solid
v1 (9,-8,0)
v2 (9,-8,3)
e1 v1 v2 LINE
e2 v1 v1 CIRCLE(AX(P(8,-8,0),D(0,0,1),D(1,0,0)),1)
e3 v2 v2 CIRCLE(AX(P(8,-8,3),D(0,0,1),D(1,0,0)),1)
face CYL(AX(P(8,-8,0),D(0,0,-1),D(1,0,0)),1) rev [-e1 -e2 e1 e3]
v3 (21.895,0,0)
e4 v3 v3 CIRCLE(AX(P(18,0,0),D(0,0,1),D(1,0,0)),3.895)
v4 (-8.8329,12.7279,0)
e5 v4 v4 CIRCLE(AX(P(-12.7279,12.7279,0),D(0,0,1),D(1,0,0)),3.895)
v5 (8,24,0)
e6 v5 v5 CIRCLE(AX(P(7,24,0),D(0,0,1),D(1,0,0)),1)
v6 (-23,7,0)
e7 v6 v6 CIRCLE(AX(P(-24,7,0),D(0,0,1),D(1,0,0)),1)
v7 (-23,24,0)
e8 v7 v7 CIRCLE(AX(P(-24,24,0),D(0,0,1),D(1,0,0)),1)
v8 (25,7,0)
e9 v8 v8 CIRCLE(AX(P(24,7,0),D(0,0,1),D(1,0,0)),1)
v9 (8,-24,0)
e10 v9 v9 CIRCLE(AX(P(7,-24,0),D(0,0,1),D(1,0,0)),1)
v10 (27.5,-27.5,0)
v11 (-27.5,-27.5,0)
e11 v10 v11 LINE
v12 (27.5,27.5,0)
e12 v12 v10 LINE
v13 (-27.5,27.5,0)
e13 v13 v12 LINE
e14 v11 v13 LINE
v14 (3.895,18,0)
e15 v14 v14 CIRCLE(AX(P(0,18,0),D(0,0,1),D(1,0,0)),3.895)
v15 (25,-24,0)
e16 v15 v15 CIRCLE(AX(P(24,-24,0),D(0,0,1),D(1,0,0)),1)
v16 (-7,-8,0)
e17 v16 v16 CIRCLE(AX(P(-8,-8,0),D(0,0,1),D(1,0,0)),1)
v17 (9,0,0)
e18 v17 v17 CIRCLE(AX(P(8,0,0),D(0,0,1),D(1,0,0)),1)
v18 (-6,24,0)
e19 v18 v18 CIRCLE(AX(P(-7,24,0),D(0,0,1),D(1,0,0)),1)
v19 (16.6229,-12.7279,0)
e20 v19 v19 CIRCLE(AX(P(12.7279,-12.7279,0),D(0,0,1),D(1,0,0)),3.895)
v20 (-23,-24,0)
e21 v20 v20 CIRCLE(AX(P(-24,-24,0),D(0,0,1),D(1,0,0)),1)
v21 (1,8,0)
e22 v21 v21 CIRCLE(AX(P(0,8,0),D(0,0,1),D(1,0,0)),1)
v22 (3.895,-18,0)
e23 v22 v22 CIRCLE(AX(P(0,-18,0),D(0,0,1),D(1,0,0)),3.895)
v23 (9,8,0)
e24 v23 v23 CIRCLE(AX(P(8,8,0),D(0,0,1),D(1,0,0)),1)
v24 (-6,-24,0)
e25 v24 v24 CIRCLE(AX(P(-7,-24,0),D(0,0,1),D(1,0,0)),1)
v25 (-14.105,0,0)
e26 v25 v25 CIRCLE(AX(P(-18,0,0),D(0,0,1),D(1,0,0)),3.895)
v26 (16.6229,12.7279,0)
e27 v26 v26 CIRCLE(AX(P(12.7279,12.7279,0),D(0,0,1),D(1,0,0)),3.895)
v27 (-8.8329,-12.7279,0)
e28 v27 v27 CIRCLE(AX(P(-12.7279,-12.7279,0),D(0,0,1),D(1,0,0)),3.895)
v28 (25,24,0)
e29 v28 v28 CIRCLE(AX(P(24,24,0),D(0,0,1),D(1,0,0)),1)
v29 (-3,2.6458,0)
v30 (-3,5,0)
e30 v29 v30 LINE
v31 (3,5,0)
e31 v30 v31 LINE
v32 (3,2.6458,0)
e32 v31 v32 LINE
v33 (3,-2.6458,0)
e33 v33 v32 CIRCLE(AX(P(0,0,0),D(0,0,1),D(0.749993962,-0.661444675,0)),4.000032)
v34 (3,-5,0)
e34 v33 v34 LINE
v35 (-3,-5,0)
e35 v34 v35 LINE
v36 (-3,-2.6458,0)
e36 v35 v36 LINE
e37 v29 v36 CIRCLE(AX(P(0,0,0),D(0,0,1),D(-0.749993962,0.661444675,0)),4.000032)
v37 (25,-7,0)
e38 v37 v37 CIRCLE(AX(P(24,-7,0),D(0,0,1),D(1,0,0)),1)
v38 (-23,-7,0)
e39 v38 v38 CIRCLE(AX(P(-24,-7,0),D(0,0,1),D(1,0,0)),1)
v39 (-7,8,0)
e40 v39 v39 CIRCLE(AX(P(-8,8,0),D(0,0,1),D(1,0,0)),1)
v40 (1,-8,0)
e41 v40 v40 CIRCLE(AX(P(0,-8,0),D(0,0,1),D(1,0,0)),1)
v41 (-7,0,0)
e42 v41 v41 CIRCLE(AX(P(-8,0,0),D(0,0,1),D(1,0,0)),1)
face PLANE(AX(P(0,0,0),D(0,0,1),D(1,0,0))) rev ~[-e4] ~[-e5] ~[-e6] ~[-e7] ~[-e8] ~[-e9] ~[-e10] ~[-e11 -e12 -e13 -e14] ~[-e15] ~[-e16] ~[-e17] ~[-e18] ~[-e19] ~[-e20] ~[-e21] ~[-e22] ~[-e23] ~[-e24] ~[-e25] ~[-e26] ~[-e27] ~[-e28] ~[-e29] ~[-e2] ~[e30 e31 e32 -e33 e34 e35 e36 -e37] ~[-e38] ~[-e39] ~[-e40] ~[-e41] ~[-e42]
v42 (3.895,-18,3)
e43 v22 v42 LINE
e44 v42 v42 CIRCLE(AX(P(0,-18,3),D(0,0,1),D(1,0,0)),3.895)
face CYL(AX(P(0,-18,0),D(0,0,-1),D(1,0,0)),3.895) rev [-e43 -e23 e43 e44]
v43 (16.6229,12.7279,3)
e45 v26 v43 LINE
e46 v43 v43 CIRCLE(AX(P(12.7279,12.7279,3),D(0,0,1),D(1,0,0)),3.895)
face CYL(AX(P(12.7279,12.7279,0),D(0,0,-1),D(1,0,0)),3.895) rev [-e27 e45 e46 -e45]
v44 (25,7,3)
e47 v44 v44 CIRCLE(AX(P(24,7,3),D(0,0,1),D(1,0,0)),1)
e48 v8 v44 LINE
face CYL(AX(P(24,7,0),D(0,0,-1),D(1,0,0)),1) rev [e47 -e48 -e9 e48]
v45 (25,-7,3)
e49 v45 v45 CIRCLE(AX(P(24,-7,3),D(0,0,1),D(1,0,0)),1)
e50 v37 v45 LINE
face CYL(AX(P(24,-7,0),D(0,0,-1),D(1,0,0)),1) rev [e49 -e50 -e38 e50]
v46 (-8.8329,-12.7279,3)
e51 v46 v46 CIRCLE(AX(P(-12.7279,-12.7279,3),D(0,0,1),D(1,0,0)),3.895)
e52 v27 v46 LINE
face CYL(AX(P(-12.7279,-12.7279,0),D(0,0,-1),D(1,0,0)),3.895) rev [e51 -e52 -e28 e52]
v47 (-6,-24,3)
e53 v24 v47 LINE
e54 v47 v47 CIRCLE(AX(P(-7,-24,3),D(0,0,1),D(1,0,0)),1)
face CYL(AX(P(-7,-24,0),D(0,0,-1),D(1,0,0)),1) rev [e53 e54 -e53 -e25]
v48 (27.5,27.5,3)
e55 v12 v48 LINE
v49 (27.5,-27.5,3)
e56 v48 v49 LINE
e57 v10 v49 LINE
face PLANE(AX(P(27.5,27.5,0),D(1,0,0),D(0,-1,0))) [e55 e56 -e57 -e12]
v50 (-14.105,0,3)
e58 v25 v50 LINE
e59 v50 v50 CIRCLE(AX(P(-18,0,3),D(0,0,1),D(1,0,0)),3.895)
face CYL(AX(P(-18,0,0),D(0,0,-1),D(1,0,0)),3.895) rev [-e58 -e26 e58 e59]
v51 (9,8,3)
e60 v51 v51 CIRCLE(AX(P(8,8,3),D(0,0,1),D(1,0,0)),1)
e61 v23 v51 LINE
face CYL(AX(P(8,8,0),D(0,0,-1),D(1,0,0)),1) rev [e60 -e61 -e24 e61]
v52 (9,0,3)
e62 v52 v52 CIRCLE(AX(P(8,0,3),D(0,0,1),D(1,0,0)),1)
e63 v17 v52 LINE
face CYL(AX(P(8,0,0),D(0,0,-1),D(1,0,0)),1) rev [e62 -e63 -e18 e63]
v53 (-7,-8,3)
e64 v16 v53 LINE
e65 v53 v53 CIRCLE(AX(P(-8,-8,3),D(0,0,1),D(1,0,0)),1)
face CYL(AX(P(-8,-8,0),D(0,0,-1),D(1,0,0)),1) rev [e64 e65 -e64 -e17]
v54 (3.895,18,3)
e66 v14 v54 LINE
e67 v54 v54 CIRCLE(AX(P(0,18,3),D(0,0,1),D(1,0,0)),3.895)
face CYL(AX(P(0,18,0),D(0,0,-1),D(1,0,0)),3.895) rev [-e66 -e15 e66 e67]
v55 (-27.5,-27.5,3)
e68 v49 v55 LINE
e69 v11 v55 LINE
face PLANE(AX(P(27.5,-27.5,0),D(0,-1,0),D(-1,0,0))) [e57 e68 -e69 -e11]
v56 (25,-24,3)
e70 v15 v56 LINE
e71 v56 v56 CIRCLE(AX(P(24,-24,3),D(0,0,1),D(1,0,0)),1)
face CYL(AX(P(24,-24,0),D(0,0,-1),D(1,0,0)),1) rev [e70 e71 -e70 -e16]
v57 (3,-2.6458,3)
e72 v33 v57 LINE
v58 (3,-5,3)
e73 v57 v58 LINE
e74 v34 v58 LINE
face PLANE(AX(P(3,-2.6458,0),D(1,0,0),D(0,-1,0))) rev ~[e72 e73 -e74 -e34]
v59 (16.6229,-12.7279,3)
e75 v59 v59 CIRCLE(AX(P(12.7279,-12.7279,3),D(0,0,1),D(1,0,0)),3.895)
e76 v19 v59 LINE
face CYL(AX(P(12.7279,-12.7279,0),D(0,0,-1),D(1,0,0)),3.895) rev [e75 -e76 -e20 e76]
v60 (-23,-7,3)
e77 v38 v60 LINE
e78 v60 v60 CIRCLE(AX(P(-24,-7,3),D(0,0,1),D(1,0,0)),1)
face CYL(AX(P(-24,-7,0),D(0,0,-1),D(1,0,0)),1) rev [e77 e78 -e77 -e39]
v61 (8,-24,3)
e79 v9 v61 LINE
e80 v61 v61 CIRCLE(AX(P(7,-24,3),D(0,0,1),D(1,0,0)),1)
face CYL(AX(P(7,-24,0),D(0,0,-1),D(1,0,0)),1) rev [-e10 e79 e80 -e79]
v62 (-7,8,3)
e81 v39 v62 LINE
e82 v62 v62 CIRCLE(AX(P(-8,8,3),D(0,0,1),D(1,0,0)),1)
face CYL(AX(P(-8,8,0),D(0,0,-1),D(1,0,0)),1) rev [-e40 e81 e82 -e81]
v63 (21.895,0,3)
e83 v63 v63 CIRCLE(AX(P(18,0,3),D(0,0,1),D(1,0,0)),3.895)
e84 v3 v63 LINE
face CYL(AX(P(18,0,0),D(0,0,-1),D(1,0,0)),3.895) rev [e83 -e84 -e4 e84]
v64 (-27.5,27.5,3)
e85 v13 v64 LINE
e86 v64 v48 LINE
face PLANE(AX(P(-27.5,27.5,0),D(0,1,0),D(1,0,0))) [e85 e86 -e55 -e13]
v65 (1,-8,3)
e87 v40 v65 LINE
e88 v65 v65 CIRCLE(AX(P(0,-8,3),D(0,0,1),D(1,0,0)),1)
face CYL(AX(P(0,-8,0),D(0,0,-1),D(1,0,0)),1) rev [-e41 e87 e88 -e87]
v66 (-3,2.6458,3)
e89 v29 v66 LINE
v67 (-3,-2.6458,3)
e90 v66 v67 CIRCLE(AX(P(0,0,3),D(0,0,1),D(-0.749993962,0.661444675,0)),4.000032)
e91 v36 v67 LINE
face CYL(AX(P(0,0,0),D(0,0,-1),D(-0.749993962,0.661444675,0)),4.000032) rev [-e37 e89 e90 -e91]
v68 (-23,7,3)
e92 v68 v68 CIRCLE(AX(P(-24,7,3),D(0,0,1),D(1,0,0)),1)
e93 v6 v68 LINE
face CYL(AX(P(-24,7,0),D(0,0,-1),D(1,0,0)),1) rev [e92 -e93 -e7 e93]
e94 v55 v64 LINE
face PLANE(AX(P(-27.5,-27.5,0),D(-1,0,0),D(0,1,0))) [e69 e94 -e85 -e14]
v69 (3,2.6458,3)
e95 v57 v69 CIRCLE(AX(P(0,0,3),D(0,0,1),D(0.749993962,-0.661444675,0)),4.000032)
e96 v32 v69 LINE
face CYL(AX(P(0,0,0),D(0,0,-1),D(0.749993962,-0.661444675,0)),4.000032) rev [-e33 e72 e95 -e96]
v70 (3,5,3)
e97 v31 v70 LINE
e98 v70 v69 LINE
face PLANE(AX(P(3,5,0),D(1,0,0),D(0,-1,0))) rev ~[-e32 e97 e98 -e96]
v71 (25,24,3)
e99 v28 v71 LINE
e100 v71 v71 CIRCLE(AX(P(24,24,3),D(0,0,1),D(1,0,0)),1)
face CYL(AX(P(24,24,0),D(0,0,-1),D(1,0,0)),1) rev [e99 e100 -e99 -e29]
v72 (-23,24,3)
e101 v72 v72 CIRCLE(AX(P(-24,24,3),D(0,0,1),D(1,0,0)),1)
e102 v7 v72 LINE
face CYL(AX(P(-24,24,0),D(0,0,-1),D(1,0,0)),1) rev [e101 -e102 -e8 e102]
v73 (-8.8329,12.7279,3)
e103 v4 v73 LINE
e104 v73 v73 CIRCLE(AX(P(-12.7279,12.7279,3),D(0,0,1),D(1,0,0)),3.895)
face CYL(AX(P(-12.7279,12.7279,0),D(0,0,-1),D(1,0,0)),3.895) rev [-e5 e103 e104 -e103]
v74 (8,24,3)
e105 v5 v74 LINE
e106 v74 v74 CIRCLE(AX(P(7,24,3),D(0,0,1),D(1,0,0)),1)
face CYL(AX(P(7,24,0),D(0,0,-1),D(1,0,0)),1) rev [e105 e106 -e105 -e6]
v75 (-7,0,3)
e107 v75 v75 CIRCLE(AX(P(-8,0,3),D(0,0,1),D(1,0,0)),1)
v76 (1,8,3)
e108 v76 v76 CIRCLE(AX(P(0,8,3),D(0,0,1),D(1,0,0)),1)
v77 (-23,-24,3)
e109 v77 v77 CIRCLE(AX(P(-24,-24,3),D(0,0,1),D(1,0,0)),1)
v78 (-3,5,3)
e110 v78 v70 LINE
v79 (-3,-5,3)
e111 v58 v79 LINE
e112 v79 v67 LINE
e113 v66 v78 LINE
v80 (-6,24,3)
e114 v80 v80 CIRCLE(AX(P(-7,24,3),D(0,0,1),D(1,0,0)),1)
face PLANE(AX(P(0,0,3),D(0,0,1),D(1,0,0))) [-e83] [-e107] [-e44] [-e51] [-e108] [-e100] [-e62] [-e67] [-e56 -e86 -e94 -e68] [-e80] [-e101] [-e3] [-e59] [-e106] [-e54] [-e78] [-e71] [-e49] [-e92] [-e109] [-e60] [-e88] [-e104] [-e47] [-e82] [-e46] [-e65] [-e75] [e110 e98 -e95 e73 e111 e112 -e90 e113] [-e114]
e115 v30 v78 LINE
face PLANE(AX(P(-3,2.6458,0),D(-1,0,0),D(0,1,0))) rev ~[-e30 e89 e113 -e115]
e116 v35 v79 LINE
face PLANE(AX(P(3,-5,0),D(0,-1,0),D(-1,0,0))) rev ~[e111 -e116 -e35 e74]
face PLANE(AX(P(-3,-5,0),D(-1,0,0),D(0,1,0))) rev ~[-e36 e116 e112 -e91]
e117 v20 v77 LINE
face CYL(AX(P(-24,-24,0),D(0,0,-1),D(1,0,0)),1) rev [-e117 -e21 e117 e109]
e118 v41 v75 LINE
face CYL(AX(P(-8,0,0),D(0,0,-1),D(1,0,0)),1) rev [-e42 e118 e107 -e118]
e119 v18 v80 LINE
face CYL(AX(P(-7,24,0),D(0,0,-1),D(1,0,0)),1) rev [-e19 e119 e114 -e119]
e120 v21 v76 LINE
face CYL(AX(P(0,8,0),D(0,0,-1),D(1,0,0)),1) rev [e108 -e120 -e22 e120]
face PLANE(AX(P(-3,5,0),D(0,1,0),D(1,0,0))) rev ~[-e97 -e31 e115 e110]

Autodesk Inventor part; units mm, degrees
ref_plane "YZ Plane" through (0, 0, 0) normal (1, 0, 0) x (0, 1, 0)
ref_plane "XZ Plane" through (0, 0, 0) normal (0, 1, 0) x (-1, 0, 0)
ref_plane "XY Plane" through (0, 0, 0) normal (0, 0, 1) x (1, 0, 0)
sketch "Sketch1" plane through (0, 0, 0) normal (0, 0, 1) x (1, 0, 0)
  circle A0 centre (12.7279, -12.7279) radius 3.895 projected
  circle A1 centre (0, -18) radius 3.895 projected
  circle A2 centre (-12.7279, -12.7279) radius 3.895 projected
  circle A3 centre (-18, 0) radius 3.895 projected
  circle A4 centre (-12.7279, 12.7279) radius 3.895 projected
  circle A5 centre (0, 18) radius 3.895 projected
  circle A6 centre (12.7279, 12.7279) radius 3.895 projected
  circle A7 centre (18, 0) radius 3.895 projected
  circle A8 centre (8, 0) radius 1 projected
  circle A9 centre (8, -8) radius 1
  circle A10 centre (0, -8) radius 1 projected
  circle A11 centre (-8, -8) radius 1
  circle A12 centre (-8, 0) radius 1 projected
  circle A13 centre (-8, 8) radius 1
  circle A14 centre (0, 8) radius 1 projected
  circle A15 centre (8, 8) radius 1
  arc A16 (3, -2.6458) -> (3, 2.6458) centre (0, 0) ccw projected
  line L0 (3, -2.6458) -> (3, -5) projected
  line L1 (3, -5) -> (-3, -5) projected
  line L2 (-3, -5) -> (-3, -2.6458) projected
  arc A17 (-3, 2.6458) -> (-3, -2.6458) centre (0, 0) ccw projected
  line L3 (-3, 2.6458) -> (-3, 5) projected
  line L4 (-3, 5) -> (3, 5) projected
  line L5 (3, 5) -> (3, 2.6458) projected
  circle A18 centre (-24, -24) radius 1 projected
  circle A19 centre (-7, 24) radius 1 projected
  circle A20 centre (7, 24) radius 1 projected
  line L6 (27.5, -27.5) -> (-27.5, -27.5)
  line L7 (-27.5, -27.5) -> (-27.5, 27.5)
  line L8 (-27.5, 27.5) -> (27.5, 27.5)
  line L9 (27.5, 27.5) -> (27.5, -27.5)
  line L10 (27.5, -27.5) -> (-27.5, 27.5) construction
  line L11 (-27.5, -27.5) -> (27.5, 27.5) construction
  circle A21 centre (-24, 7) radius 1
  circle A22 centre (-24, -7) radius 1
  circle A23 centre (24, 24) radius 1
  circle A24 centre (7, -24) radius 1
  circle A25 centre (-7, -24) radius 1
  circle A26 centre (24, 7) radius 1
  circle A27 centre (24, -7) radius 1
  line L12 (0, -27.5) -> (0, 27.5) construction
  circle A28 centre (24, -24) radius 1
  circle A29 centre (-24, 24) radius 1
  point P0 (0, 0)
  dimension "d0" = 55
  dimension "d1" = 55
  dimension "d6" = 2
  dimension "d7" = 2
  dimension "d8" = 2
  dimension "d9" = 2
extrude "Extrusion2" add sketch "Sketch1" along normal blind 3
equation "\"d7\" = d6"
equation "\"d8\" = d6"
equation "\"d9\" = d6"
properties part number "Top"
